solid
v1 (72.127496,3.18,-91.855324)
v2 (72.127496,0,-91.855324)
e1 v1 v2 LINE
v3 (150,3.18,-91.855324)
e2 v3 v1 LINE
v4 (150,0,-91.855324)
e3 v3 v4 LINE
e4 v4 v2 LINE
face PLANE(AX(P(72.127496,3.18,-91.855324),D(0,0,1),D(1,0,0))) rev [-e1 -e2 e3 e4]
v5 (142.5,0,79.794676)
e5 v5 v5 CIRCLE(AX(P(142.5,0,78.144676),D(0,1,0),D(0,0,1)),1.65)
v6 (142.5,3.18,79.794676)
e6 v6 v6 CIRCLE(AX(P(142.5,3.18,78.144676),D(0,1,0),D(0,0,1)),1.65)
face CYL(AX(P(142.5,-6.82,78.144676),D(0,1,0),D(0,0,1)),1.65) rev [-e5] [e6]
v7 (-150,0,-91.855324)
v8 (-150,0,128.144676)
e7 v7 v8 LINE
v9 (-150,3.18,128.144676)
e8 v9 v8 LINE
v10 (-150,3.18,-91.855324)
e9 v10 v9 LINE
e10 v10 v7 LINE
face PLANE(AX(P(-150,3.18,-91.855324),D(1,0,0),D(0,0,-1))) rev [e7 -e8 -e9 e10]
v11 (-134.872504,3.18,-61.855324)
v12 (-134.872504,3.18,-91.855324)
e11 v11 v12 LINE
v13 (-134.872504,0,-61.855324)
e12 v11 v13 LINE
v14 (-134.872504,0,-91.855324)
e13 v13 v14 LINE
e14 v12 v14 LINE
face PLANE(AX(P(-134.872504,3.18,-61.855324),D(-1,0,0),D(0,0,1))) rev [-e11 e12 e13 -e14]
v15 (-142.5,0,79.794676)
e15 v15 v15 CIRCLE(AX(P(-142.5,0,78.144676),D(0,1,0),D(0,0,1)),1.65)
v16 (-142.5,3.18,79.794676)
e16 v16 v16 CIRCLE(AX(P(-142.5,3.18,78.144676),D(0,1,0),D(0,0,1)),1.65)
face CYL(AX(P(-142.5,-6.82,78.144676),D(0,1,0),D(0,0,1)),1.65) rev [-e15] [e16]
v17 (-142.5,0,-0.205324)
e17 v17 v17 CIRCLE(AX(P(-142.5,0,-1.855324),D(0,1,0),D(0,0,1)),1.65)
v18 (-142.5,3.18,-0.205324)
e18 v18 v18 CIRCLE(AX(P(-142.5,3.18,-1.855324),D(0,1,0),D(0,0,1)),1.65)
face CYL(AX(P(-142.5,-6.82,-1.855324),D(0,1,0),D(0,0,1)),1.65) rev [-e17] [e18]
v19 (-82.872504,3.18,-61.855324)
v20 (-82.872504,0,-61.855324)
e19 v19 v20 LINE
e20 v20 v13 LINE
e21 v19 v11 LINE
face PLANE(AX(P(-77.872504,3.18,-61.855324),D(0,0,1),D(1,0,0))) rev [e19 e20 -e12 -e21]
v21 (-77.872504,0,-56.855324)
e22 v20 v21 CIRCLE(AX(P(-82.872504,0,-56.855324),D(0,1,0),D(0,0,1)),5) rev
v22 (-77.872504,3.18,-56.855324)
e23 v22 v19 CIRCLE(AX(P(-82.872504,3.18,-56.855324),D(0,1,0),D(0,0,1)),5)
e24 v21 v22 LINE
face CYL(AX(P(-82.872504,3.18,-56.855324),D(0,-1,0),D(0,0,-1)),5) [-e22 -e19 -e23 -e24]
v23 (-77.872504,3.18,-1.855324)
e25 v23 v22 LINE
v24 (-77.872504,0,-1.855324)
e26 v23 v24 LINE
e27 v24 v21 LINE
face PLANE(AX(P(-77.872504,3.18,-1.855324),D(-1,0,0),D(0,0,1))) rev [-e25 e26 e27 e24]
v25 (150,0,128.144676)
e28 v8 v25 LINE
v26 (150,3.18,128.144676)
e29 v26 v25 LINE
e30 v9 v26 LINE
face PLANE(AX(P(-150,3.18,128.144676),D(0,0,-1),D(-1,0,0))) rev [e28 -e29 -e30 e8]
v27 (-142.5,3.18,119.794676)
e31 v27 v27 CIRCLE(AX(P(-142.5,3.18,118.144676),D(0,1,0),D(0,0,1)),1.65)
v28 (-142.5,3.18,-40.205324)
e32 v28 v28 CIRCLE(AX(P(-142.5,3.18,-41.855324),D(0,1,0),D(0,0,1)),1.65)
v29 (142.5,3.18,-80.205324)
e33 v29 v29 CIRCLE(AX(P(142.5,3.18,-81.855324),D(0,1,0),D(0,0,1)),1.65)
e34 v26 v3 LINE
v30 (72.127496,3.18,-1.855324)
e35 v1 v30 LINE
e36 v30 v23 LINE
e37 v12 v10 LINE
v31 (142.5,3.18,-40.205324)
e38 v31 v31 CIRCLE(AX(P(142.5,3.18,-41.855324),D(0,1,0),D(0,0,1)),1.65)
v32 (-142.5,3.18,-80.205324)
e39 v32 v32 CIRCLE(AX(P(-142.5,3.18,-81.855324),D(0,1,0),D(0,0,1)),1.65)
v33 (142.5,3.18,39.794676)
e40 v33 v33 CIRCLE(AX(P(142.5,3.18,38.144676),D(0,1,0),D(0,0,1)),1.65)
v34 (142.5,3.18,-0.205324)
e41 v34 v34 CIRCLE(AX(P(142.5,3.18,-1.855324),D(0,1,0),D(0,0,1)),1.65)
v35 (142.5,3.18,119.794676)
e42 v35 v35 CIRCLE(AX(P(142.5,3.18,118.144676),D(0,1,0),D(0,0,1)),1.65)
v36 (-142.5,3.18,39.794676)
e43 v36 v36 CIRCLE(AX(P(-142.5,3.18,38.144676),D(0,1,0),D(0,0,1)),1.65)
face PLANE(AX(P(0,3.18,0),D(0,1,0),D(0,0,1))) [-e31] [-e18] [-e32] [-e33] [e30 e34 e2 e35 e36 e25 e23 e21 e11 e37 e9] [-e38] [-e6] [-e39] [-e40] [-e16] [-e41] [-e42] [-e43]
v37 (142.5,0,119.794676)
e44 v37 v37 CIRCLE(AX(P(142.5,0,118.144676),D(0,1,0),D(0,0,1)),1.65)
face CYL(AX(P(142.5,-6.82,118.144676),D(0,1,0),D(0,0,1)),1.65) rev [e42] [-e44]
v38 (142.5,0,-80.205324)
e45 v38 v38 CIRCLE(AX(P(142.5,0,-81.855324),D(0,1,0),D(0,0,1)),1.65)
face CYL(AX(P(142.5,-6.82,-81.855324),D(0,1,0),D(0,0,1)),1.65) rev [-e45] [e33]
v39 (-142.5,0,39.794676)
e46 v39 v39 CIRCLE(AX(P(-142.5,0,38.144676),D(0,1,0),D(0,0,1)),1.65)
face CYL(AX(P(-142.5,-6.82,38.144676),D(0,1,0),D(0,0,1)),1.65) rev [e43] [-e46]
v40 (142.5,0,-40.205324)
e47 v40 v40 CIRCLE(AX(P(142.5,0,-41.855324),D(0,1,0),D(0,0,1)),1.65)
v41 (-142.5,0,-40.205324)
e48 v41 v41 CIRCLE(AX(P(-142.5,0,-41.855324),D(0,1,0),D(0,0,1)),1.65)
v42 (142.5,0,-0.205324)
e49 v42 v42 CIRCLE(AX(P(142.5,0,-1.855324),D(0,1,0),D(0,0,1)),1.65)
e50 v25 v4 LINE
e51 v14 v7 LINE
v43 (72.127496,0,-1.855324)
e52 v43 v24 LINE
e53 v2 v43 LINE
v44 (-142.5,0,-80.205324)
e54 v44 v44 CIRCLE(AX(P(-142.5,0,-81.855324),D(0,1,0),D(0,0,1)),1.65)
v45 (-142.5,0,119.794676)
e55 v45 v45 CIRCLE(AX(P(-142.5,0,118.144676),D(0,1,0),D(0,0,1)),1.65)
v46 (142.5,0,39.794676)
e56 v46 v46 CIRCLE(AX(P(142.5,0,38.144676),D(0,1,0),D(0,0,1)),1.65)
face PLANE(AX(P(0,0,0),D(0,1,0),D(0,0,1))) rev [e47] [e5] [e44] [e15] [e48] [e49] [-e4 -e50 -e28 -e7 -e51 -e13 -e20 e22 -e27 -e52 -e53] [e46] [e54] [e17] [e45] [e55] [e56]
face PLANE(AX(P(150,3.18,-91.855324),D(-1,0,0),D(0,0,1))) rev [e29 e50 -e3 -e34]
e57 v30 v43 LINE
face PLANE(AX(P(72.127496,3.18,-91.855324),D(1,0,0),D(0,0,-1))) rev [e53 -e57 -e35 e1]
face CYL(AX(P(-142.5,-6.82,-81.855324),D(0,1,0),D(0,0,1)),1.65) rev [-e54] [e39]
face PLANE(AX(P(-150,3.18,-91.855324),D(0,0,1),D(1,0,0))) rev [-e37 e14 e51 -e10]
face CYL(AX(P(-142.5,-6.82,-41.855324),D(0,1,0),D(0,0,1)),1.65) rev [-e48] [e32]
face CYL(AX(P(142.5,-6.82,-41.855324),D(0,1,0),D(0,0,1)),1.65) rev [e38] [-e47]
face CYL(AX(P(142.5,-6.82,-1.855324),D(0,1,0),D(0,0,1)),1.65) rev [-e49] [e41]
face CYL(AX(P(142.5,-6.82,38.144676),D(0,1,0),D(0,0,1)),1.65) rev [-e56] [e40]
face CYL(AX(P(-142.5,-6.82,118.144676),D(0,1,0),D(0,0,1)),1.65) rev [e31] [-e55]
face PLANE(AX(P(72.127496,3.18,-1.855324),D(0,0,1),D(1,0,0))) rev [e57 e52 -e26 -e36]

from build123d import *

# Parameters (mm, degrees)
BOSS_EXTRUDE1_DEPTH = 3.18
SKETCH2_R           = 1.65
CUT_EXTRUDE1_DEPTH  = 10
FILLET1_R           = 5


with BuildPart() as part:
    # Sketch1 → Boss-Extrude1 (new body)
    with BuildSketch(Plane(origin=(0, 0, 0), x_dir=(1, 0, 0), z_dir=(0, 1, 0))):
        Polygon((72.127496387, 91.855323554), (72.127496387, 1.855323554), (-77.872503613, 1.855323554), (-77.872503613, 61.855323554), (-134.872503613, 61.855323554), (-134.872503613, 91.855323554), (-150, 91.855323554), (-150, -128.144676446), (150, -128.144676446), (150, 91.855323554), align=None)
    extrude(amount=BOSS_EXTRUDE1_DEPTH)

    # Sketch2 → Cut-Extrude1 (cut)
    with BuildSketch(Plane(origin=(0, 3.18, 0), x_dir=(1, 0, 0), z_dir=(0, 1, 0))):
        with Locations(Location((-142.5, 81.855323554, 0), (0, 0, 270))):
            Circle(SKETCH2_R)
        with Locations(Location((-142.5, 41.855323554, 0), (0, 0, 270))):
            Circle(SKETCH2_R)
        with Locations(Location((-142.5, 1.855323554, 0), (0, 0, 270))):
            Circle(SKETCH2_R)
        with Locations(Location((-142.5, -38.144676446, 0), (0, 0, 270))):
            Circle(SKETCH2_R)
        with Locations(Location((-142.5, -78.144676446, 0), (0, 0, 270))):
            Circle(SKETCH2_R)
        with Locations(Location((-142.5, -118.144676446, 0), (0, 0, 270))):
            Circle(SKETCH2_R)
        with Locations(Location((142.5, 81.855323554, 0), (0, 0, 270))):
            Circle(SKETCH2_R)
        with Locations(Location((142.5, 41.855323554, 0), (0, 0, 270))):
            Circle(SKETCH2_R)
        with Locations(Location((142.5, 1.855323554, 0), (0, 0, 270))):
            Circle(SKETCH2_R)
        with Locations(Location((142.5, -38.144676446, 0), (0, 0, 270))):
            Circle(SKETCH2_R)
        with Locations(Location((142.5, -78.144676446, 0), (0, 0, 270))):
            Circle(SKETCH2_R)
        with Locations(Location((142.5, -118.144676446, 0), (0, 0, 270))):
            Circle(SKETCH2_R)
    extrude(amount=-CUT_EXTRUDE1_DEPTH, mode=Mode.SUBTRACT)

    # Fillet1
    fillet1_edges = [part.edges().sort_by_distance(p)[0] for p in [
        (-77.872503613, 1.59, -61.855323554),
    ]]
    fillet(fillet1_edges, radius=FILLET1_R)


solid = part.part
